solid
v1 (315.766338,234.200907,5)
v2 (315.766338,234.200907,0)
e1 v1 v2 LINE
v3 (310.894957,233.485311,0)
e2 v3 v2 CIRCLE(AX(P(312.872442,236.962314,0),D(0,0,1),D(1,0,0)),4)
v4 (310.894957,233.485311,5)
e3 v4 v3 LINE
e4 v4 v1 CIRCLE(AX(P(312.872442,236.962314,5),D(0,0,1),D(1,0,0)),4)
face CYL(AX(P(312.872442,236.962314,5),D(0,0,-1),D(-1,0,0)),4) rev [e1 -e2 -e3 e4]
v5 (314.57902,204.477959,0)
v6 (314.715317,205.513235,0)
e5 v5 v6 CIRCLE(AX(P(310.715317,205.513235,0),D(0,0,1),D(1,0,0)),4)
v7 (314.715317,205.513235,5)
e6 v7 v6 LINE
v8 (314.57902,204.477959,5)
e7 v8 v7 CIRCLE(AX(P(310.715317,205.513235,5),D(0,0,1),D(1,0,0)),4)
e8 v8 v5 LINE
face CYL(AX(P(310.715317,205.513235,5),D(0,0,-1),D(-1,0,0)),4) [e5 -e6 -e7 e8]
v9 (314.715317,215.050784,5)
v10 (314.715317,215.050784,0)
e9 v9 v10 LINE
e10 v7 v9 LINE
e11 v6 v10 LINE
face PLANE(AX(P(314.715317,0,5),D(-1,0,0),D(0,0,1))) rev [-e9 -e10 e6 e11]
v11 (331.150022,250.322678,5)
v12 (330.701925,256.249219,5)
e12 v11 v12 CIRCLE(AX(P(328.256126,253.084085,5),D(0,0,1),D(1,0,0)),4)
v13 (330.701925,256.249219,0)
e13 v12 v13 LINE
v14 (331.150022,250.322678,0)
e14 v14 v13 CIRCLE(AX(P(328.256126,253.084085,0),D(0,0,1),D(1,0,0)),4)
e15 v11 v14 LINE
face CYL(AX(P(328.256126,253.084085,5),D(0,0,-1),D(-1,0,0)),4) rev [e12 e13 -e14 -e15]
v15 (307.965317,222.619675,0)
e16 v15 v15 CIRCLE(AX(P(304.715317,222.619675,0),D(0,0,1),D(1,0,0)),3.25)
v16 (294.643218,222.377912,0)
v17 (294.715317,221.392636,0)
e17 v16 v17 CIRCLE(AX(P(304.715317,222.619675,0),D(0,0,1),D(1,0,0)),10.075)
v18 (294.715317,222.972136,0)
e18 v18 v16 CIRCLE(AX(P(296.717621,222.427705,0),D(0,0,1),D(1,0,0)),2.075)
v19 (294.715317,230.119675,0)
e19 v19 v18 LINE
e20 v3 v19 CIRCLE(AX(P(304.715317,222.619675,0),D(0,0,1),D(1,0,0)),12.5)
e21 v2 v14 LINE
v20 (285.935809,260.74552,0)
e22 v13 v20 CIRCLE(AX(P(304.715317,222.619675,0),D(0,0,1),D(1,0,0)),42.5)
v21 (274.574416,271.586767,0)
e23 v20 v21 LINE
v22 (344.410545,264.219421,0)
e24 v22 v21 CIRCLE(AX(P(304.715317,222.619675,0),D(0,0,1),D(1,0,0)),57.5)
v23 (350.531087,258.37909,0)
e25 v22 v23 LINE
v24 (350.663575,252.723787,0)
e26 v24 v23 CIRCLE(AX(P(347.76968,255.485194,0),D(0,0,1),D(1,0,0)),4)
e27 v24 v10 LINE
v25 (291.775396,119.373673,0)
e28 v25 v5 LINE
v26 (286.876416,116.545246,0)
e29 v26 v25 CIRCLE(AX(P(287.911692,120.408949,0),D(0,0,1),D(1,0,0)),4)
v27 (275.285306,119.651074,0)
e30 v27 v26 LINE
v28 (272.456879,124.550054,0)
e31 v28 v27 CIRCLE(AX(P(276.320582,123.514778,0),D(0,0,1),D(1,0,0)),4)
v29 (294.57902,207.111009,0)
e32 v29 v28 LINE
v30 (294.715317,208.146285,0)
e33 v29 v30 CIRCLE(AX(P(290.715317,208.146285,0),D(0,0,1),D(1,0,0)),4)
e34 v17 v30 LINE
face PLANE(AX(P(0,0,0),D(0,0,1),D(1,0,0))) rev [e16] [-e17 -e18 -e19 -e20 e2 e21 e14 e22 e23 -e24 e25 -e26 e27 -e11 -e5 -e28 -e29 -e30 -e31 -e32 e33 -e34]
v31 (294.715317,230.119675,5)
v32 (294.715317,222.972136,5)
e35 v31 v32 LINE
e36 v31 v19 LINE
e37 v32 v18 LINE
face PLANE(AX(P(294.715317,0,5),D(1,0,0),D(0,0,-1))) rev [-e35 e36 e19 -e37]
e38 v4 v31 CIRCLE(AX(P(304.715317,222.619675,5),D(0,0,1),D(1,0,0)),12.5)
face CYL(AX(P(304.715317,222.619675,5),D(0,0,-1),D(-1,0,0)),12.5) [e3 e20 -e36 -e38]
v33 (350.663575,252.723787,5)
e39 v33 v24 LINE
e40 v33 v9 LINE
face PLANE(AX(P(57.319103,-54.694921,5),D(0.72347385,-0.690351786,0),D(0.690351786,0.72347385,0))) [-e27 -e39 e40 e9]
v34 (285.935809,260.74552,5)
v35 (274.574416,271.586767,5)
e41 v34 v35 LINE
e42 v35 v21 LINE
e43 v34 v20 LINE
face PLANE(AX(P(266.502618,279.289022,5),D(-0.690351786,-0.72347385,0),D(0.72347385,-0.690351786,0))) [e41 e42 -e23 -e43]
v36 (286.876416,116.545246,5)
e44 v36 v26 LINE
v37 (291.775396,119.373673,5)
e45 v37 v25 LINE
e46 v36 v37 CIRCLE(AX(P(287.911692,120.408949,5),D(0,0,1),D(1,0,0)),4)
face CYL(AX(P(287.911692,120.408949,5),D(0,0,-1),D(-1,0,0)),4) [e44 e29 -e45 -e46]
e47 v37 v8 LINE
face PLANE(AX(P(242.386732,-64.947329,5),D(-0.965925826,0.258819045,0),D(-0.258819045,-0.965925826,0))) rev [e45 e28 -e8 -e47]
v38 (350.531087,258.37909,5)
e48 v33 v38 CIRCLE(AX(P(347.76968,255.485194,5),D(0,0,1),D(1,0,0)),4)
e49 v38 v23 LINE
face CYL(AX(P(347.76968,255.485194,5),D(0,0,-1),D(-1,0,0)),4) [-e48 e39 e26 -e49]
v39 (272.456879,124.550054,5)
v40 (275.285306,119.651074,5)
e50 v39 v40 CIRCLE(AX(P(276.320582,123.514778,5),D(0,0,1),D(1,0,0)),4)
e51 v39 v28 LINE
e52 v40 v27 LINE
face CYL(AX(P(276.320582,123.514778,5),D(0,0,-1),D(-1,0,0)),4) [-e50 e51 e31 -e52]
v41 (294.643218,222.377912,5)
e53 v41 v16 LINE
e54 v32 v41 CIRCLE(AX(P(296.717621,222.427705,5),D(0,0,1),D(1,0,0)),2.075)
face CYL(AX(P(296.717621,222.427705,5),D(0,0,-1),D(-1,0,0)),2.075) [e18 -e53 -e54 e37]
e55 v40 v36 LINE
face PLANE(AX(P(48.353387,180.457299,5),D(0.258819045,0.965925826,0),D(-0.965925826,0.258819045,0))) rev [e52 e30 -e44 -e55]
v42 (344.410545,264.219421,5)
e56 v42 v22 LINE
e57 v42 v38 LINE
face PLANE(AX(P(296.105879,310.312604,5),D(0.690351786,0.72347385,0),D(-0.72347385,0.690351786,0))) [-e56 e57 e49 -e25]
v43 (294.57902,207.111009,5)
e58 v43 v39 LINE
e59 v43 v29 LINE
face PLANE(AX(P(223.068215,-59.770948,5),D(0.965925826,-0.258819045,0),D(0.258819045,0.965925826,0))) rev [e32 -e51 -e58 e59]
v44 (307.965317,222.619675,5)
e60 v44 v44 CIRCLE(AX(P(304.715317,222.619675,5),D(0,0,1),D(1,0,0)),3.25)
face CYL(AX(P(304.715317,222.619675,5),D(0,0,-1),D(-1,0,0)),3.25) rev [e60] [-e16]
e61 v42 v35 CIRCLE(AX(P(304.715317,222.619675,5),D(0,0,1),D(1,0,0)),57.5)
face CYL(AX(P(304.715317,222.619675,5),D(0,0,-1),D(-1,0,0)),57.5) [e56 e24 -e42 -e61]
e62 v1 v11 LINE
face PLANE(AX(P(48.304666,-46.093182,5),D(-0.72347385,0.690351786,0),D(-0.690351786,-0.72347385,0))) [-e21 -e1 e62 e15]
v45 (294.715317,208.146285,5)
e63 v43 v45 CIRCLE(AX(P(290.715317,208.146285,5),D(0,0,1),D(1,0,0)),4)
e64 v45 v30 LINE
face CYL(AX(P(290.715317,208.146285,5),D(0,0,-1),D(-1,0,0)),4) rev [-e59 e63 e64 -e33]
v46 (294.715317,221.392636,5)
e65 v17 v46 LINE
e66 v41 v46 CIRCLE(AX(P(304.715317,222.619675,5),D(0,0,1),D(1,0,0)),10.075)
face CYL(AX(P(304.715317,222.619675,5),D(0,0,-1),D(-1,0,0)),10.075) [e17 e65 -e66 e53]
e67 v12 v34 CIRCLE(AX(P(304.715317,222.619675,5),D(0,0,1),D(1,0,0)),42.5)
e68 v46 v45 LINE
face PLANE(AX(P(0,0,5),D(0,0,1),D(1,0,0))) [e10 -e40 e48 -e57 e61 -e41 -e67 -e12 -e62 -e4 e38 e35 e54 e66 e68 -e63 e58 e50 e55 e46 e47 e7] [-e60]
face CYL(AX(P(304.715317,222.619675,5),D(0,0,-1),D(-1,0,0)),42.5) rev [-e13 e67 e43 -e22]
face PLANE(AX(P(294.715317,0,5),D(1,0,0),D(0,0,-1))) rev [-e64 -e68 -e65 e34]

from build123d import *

# Parameters (mm, degrees)
MODEL_R             = 3.25
BOSS_EXTRUDE1_DEPTH = 5


with BuildPart() as part:
    # Model → Boss-Extrude1 (new body)
    with BuildSketch(Plane.XY):
        with BuildLine():
            Line((350.531086943, 258.379089544), (344.410544625, 264.21942133))
            ThreePointArc((344.410544625, 264.21942133), (310.747790065, 279.802358255), (274.574415573, 271.586766634))
            Line((274.574415573, 271.586766634), (285.935808975, 260.74552029))
            ThreePointArc((285.935808975, 260.74552029), (308.96264008, 264.906909994), (330.701924732, 256.249218742))
            ThreePointArc((330.701924732, 256.249218742), (332.244741838, 253.385658556), (331.150021748, 250.322678066))
            Line((331.150021748, 250.322678066), (315.766337555, 234.200907326))
            ThreePointArc((315.766337555, 234.200907326), (313.453795395, 233.004786403), (310.89495725, 233.485310955))
            ThreePointArc((310.89495725, 233.485310955), (302.169602206, 234.857703267), (294.715316918, 230.11967497))
            Line((294.715316918, 230.11967497), (294.715316918, 222.972135785))
            ThreePointArc((294.715316918, 222.972135785), (294.657727687, 222.677637577), (294.643218038, 222.377912396))
            ThreePointArc((294.643218038, 222.377912396), (294.667183717, 221.884389879), (294.715316918, 221.392635851))
            Line((294.715316918, 221.392635851), (294.715316918, 208.14628496))
            ThreePointArc((294.715316918, 208.14628496), (294.681096364, 207.624180191), (294.579020223, 207.11100878))
            Line((294.579020223, 207.11100878), (272.456879039, 124.550053909))
            ThreePointArc((272.456879039, 124.550053909), (272.856480729, 121.514777728), (275.285306164, 119.651074423))
            Line((275.285306164, 119.651074423), (286.876416079, 116.545245882))
            ThreePointArc((286.876416079, 116.545245882), (289.91169226, 116.944847572), (291.775395565, 119.373673007))
            Line((291.775395565, 119.373673007), (314.579020223, 204.477958828))
            ThreePointArc((314.579020223, 204.477958828), (314.681096364, 204.991130239), (314.715316918, 205.513235008))
            Line((314.715316918, 205.513235008), (314.715316918, 215.05078415))
            Line((314.715316918, 215.05078415), (350.663575197, 252.723787))
            ThreePointArc((350.663575197, 252.723787), (351.768582577, 255.578877488), (350.531086943, 258.379089544))
        make_face()
        with Locations((304.715316918, 222.61967497)):
            Circle(MODEL_R, mode=Mode.SUBTRACT)
    extrude(amount=BOSS_EXTRUDE1_DEPTH)


solid = part.part
